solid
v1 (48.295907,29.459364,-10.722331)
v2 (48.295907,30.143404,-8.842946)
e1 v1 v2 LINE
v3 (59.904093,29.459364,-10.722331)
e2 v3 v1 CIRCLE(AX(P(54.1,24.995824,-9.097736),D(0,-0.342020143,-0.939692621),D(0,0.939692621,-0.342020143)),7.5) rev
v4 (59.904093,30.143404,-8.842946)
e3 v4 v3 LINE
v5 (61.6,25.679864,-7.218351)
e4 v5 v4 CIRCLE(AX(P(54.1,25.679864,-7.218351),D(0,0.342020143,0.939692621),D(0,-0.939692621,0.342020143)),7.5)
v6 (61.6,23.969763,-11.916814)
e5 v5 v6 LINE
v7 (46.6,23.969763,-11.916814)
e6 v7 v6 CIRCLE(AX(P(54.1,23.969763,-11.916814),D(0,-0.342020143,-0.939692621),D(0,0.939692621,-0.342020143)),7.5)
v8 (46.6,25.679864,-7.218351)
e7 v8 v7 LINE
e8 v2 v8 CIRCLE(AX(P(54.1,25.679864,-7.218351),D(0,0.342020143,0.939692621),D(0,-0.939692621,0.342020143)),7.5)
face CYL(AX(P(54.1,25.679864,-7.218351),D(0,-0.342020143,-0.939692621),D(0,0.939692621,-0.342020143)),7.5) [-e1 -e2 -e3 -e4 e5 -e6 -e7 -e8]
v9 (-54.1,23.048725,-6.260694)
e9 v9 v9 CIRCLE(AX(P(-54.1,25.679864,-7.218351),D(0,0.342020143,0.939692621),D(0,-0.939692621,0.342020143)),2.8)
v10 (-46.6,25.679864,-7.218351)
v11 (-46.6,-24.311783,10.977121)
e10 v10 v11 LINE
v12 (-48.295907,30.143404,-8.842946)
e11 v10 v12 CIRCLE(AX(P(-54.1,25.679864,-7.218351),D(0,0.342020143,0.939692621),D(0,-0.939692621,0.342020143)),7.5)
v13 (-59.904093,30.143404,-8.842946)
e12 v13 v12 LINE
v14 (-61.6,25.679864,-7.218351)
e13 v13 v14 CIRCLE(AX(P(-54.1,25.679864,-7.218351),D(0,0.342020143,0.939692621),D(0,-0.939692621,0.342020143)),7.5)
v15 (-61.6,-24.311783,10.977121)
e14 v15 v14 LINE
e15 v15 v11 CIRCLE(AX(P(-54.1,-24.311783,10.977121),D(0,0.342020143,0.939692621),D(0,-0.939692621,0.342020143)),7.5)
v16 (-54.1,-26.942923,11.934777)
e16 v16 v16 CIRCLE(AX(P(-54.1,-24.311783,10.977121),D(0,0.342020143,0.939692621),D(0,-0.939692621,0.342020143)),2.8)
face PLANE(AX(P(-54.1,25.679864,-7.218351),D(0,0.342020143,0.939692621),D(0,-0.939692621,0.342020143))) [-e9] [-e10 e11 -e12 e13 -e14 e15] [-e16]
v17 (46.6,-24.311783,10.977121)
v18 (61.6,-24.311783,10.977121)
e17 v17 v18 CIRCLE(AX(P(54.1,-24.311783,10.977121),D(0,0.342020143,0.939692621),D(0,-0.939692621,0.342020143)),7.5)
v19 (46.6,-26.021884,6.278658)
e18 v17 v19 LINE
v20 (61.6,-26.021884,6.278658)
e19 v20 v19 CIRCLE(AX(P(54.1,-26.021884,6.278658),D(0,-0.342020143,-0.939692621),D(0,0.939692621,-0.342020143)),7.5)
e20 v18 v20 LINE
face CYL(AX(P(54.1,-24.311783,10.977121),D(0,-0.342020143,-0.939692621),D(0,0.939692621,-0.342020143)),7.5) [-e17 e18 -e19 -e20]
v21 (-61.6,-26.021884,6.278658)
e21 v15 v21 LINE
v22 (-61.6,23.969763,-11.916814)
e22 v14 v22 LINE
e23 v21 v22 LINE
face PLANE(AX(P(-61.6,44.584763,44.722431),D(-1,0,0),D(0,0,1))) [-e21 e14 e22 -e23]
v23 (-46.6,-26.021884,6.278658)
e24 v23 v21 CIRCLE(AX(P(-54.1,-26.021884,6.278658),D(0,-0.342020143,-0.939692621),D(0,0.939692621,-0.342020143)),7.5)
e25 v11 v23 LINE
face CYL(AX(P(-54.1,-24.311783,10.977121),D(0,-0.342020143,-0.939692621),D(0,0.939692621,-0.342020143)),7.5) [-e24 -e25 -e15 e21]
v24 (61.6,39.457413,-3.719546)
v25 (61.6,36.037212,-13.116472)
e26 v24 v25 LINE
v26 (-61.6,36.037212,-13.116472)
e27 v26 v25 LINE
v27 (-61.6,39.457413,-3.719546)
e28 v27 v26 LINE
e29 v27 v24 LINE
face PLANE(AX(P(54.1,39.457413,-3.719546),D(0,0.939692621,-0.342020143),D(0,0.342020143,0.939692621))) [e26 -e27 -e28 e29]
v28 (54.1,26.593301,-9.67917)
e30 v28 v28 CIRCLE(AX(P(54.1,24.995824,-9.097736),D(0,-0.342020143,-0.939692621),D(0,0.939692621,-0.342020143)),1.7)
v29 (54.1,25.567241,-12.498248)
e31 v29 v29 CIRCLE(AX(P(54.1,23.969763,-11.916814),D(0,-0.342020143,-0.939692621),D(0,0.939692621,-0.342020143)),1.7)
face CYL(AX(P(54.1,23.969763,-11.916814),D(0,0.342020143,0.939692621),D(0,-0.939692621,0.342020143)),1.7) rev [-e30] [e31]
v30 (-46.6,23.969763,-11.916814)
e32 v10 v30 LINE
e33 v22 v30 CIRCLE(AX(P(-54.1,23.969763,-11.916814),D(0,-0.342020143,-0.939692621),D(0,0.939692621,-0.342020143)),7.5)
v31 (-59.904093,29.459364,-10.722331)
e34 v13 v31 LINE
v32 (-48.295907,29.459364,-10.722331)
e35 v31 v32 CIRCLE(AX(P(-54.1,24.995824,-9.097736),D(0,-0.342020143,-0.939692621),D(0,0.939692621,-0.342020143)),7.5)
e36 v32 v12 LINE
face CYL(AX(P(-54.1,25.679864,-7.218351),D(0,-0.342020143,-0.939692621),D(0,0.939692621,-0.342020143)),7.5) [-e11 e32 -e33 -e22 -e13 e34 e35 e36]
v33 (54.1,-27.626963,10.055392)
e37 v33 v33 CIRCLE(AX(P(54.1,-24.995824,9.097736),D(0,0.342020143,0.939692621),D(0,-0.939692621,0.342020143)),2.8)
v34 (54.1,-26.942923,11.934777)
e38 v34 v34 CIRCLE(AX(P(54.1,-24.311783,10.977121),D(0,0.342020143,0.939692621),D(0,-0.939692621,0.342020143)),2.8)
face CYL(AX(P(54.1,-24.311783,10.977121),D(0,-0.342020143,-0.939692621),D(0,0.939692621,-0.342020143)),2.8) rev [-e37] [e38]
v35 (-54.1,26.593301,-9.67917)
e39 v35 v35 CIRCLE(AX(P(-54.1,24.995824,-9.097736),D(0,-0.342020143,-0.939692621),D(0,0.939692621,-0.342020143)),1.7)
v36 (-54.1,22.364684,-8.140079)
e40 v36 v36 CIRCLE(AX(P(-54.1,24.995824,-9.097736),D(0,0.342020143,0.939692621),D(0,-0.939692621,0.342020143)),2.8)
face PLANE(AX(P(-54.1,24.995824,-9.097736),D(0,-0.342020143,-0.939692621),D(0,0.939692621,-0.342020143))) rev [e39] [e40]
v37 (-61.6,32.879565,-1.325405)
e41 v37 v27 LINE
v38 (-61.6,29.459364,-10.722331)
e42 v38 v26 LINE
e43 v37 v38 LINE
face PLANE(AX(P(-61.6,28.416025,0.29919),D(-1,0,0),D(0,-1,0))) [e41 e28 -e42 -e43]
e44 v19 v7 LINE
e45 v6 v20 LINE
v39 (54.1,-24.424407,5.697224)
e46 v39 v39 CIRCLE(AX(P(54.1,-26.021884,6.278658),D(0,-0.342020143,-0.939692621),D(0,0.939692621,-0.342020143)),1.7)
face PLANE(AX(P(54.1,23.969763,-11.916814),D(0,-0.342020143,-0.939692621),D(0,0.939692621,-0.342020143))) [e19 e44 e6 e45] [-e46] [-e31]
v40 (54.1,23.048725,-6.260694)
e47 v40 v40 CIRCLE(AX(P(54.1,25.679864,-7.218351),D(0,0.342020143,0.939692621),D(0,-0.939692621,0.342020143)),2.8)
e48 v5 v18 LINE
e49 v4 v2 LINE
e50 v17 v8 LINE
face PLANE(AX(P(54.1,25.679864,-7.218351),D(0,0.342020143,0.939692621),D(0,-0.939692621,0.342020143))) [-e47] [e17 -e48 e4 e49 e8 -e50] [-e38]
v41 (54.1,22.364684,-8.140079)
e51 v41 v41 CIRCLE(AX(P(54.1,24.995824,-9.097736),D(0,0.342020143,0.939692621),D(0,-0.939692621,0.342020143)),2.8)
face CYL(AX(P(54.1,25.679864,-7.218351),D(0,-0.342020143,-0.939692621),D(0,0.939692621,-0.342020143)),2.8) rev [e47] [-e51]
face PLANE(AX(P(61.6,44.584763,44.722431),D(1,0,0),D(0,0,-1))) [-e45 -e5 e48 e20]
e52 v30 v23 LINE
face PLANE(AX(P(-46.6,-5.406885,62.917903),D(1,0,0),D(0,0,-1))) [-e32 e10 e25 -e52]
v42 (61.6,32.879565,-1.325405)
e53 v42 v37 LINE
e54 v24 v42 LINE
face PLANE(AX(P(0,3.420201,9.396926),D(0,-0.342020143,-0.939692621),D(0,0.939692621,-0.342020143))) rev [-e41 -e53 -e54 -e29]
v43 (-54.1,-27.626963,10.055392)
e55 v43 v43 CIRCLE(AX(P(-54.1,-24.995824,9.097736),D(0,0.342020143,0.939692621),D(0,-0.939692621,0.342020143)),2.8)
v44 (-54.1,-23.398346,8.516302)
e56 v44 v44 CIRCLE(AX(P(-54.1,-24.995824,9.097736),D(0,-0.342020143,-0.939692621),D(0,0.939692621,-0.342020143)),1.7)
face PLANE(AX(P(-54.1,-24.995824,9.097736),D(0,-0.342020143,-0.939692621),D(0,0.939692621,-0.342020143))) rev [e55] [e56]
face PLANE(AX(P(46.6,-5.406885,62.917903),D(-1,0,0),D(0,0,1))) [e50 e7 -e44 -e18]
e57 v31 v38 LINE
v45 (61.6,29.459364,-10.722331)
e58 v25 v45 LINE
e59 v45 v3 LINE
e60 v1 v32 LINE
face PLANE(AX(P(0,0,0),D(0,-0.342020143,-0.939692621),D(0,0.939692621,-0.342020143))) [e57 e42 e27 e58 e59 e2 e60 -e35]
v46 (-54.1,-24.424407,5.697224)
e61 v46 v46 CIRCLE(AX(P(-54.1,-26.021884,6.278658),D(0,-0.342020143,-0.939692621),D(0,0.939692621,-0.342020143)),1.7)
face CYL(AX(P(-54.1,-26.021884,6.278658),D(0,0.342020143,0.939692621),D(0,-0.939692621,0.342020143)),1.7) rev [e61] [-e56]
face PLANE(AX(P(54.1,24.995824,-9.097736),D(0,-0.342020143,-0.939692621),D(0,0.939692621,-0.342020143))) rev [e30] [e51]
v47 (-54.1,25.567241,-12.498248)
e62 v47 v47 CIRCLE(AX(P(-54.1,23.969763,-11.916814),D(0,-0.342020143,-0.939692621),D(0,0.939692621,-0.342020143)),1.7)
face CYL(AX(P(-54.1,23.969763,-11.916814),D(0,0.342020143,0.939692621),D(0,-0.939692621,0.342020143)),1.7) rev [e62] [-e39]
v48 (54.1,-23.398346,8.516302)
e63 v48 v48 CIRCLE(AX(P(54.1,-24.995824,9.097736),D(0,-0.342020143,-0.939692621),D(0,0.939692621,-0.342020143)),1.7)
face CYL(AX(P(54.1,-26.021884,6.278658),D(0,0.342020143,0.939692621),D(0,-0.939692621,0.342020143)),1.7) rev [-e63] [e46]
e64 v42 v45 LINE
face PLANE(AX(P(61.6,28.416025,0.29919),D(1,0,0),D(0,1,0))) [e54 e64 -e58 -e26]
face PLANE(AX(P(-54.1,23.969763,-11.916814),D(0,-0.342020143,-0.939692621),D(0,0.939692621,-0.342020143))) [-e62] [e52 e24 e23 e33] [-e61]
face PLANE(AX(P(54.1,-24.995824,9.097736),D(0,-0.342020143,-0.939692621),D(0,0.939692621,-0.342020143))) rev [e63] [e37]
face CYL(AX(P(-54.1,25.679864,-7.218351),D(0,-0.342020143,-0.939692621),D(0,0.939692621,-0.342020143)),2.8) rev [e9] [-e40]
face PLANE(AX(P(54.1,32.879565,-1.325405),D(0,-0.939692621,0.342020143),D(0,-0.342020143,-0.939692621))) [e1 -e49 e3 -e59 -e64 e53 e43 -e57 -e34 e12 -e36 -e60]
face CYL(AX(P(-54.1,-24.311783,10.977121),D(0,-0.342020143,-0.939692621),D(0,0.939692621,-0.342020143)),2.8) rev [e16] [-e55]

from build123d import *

# Parameters (mm, degrees)
ESQUISSE3_R          = 7.5
ESQUISSE3_R_2        = 2.8
BOSS_EXTRU_1_DEPTH   = 2
BOSS_EXTRU_1_2_DEPTH = 2
BOSS_EXTRU_1_3_DEPTH = 2
BOSS_EXTRU_1_4_DEPTH = 2
ESQUISSE4_R          = 7.5
ESQUISSE4_R_2        = 1.7
BOSS_EXTRU_2_DEPTH   = 3
BOSS_EXTRU_3_DEPTH   = 5
BOSS_EXTRU_4_START   = -2
ESQUISSE6_W          = 123.2
ESQUISSE6_H          = 7
BOSS_EXTRU_4_DEPTH   = 10


with BuildPart() as part:
    # Esquisse3 → Boss.-Extru.1 (new body)
    with BuildSketch(Plane(origin=(0, 0, 0), x_dir=(1, 0, 0), z_dir=(0, 0.342020143, 0.939692621))):
        with Locations((-54.1, 26.6)):
            Circle(ESQUISSE3_R)
        with Locations((-54.1, 26.6)):
            Circle(ESQUISSE3_R_2, mode=Mode.SUBTRACT)
    extrude(amount=BOSS_EXTRU_1_DEPTH)



with BuildPart() as body_2:
    # Esquisse3 → Boss.-Extru.1 2 (new body)
    with BuildSketch(Plane(origin=(0, 0, 0), x_dir=(1, 0, 0), z_dir=(0, 0.342020143, 0.939692621))):
        with Locations((54.1, 26.6)):
            Circle(ESQUISSE3_R)
        with Locations((54.1, 26.6)):
            Circle(ESQUISSE3_R_2, mode=Mode.SUBTRACT)
    extrude(amount=BOSS_EXTRU_1_2_DEPTH)


with BuildPart() as body_3:
    # Esquisse3 → Boss.-Extru.1 3 (new body)
    with BuildSketch(Plane(origin=(0, 0, 0), x_dir=(1, 0, 0), z_dir=(0, 0.342020143, 0.939692621))):
        with Locations((54.1, -26.6)):
            Circle(ESQUISSE3_R)
        with Locations((54.1, -26.6)):
            Circle(ESQUISSE3_R_2, mode=Mode.SUBTRACT)
    extrude(amount=BOSS_EXTRU_1_3_DEPTH)


with BuildPart() as body_4:
    # Esquisse3 → Boss.-Extru.1 4 (new body)
    with BuildSketch(Plane(origin=(0, 0, 0), x_dir=(1, 0, 0), z_dir=(0, 0.342020143, 0.939692621))):
        with Locations((-54.1, -26.6)):
            Circle(ESQUISSE3_R)
        with Locations((-54.1, -26.6)):
            Circle(ESQUISSE3_R_2, mode=Mode.SUBTRACT)
    extrude(amount=BOSS_EXTRU_1_4_DEPTH)


with BuildPart() as part_1:
    add(part.part)

    add(body_2.part)  # Boss.-Extru.2 merges body 2

    add(body_3.part)  # Boss.-Extru.2 merges body 3

    add(body_4.part)  # Boss.-Extru.2 merges body 4
    # Esquisse4 → Boss.-Extru.2 (add)
    with BuildSketch(Plane(origin=(0, 0, 0), x_dir=(-1, 0, 0), z_dir=(0, -0.342020143, -0.939692621))):
        with Locations((-54.1, 26.6)):
            Circle(ESQUISSE4_R)
        with Locations((-54.1, 26.6)):
            Circle(ESQUISSE4_R_2, mode=Mode.SUBTRACT)
        with Locations((54.1, 26.6)):
            Circle(ESQUISSE4_R)
        with Locations((54.1, 26.6)):
            Circle(ESQUISSE4_R_2, mode=Mode.SUBTRACT)
        with Locations((54.1, -26.6)):
            Circle(ESQUISSE4_R)
        with Locations((54.1, -26.6)):
            Circle(ESQUISSE4_R_2, mode=Mode.SUBTRACT)
        with Locations((-54.1, -26.6)):
            Circle(ESQUISSE4_R)
        with Locations((-54.1, -26.6)):
            Circle(ESQUISSE4_R_2, mode=Mode.SUBTRACT)
    extrude(amount=BOSS_EXTRU_2_DEPTH)

    # Esquisse5 → Boss.-Extru.3 (add)
    with BuildSketch(Plane(origin=(0, -1.02606043, -2.819077862), x_dir=(-1, 0, 0), z_dir=(0, -0.342020143, -0.939692621))):
        with BuildLine():
            Line((-61.6, 26.6), (-61.6, -26.6))
            ThreePointArc((-61.6, -26.6), (-54.1, -19.1), (-46.6, -26.6))
            Line((-46.6, -26.6), (-46.6, 26.6))
            ThreePointArc((-46.6, 26.6), (-54.1, 19.1), (-61.6, 26.6))
        make_face()
        with BuildLine():
            Line((61.6, 26.6), (61.6, -26.6))
            ThreePointArc((61.6, -26.6), (54.1, -19.1), (46.6, -26.6))
            Line((46.6, -26.6), (46.6, 26.6))
            ThreePointArc((46.6, 26.6), (54.1, 19.1), (61.6, 26.6))
        make_face()
    extrude(amount=-BOSS_EXTRU_3_DEPTH)

    # Esquisse6 → Boss.-Extru.4 (add)
    with BuildSketch(Plane(origin=(0, 0.684040287, 1.879385242), x_dir=(1, 0, 0), z_dir=(0, 0.342020143, 0.939692621)).offset(BOSS_EXTRU_4_START)):
        with Locations((0, 34.85)):
            Rectangle(ESQUISSE6_W, ESQUISSE6_H)
    extrude(amount=BOSS_EXTRU_4_DEPTH)


solid = part_1.part
